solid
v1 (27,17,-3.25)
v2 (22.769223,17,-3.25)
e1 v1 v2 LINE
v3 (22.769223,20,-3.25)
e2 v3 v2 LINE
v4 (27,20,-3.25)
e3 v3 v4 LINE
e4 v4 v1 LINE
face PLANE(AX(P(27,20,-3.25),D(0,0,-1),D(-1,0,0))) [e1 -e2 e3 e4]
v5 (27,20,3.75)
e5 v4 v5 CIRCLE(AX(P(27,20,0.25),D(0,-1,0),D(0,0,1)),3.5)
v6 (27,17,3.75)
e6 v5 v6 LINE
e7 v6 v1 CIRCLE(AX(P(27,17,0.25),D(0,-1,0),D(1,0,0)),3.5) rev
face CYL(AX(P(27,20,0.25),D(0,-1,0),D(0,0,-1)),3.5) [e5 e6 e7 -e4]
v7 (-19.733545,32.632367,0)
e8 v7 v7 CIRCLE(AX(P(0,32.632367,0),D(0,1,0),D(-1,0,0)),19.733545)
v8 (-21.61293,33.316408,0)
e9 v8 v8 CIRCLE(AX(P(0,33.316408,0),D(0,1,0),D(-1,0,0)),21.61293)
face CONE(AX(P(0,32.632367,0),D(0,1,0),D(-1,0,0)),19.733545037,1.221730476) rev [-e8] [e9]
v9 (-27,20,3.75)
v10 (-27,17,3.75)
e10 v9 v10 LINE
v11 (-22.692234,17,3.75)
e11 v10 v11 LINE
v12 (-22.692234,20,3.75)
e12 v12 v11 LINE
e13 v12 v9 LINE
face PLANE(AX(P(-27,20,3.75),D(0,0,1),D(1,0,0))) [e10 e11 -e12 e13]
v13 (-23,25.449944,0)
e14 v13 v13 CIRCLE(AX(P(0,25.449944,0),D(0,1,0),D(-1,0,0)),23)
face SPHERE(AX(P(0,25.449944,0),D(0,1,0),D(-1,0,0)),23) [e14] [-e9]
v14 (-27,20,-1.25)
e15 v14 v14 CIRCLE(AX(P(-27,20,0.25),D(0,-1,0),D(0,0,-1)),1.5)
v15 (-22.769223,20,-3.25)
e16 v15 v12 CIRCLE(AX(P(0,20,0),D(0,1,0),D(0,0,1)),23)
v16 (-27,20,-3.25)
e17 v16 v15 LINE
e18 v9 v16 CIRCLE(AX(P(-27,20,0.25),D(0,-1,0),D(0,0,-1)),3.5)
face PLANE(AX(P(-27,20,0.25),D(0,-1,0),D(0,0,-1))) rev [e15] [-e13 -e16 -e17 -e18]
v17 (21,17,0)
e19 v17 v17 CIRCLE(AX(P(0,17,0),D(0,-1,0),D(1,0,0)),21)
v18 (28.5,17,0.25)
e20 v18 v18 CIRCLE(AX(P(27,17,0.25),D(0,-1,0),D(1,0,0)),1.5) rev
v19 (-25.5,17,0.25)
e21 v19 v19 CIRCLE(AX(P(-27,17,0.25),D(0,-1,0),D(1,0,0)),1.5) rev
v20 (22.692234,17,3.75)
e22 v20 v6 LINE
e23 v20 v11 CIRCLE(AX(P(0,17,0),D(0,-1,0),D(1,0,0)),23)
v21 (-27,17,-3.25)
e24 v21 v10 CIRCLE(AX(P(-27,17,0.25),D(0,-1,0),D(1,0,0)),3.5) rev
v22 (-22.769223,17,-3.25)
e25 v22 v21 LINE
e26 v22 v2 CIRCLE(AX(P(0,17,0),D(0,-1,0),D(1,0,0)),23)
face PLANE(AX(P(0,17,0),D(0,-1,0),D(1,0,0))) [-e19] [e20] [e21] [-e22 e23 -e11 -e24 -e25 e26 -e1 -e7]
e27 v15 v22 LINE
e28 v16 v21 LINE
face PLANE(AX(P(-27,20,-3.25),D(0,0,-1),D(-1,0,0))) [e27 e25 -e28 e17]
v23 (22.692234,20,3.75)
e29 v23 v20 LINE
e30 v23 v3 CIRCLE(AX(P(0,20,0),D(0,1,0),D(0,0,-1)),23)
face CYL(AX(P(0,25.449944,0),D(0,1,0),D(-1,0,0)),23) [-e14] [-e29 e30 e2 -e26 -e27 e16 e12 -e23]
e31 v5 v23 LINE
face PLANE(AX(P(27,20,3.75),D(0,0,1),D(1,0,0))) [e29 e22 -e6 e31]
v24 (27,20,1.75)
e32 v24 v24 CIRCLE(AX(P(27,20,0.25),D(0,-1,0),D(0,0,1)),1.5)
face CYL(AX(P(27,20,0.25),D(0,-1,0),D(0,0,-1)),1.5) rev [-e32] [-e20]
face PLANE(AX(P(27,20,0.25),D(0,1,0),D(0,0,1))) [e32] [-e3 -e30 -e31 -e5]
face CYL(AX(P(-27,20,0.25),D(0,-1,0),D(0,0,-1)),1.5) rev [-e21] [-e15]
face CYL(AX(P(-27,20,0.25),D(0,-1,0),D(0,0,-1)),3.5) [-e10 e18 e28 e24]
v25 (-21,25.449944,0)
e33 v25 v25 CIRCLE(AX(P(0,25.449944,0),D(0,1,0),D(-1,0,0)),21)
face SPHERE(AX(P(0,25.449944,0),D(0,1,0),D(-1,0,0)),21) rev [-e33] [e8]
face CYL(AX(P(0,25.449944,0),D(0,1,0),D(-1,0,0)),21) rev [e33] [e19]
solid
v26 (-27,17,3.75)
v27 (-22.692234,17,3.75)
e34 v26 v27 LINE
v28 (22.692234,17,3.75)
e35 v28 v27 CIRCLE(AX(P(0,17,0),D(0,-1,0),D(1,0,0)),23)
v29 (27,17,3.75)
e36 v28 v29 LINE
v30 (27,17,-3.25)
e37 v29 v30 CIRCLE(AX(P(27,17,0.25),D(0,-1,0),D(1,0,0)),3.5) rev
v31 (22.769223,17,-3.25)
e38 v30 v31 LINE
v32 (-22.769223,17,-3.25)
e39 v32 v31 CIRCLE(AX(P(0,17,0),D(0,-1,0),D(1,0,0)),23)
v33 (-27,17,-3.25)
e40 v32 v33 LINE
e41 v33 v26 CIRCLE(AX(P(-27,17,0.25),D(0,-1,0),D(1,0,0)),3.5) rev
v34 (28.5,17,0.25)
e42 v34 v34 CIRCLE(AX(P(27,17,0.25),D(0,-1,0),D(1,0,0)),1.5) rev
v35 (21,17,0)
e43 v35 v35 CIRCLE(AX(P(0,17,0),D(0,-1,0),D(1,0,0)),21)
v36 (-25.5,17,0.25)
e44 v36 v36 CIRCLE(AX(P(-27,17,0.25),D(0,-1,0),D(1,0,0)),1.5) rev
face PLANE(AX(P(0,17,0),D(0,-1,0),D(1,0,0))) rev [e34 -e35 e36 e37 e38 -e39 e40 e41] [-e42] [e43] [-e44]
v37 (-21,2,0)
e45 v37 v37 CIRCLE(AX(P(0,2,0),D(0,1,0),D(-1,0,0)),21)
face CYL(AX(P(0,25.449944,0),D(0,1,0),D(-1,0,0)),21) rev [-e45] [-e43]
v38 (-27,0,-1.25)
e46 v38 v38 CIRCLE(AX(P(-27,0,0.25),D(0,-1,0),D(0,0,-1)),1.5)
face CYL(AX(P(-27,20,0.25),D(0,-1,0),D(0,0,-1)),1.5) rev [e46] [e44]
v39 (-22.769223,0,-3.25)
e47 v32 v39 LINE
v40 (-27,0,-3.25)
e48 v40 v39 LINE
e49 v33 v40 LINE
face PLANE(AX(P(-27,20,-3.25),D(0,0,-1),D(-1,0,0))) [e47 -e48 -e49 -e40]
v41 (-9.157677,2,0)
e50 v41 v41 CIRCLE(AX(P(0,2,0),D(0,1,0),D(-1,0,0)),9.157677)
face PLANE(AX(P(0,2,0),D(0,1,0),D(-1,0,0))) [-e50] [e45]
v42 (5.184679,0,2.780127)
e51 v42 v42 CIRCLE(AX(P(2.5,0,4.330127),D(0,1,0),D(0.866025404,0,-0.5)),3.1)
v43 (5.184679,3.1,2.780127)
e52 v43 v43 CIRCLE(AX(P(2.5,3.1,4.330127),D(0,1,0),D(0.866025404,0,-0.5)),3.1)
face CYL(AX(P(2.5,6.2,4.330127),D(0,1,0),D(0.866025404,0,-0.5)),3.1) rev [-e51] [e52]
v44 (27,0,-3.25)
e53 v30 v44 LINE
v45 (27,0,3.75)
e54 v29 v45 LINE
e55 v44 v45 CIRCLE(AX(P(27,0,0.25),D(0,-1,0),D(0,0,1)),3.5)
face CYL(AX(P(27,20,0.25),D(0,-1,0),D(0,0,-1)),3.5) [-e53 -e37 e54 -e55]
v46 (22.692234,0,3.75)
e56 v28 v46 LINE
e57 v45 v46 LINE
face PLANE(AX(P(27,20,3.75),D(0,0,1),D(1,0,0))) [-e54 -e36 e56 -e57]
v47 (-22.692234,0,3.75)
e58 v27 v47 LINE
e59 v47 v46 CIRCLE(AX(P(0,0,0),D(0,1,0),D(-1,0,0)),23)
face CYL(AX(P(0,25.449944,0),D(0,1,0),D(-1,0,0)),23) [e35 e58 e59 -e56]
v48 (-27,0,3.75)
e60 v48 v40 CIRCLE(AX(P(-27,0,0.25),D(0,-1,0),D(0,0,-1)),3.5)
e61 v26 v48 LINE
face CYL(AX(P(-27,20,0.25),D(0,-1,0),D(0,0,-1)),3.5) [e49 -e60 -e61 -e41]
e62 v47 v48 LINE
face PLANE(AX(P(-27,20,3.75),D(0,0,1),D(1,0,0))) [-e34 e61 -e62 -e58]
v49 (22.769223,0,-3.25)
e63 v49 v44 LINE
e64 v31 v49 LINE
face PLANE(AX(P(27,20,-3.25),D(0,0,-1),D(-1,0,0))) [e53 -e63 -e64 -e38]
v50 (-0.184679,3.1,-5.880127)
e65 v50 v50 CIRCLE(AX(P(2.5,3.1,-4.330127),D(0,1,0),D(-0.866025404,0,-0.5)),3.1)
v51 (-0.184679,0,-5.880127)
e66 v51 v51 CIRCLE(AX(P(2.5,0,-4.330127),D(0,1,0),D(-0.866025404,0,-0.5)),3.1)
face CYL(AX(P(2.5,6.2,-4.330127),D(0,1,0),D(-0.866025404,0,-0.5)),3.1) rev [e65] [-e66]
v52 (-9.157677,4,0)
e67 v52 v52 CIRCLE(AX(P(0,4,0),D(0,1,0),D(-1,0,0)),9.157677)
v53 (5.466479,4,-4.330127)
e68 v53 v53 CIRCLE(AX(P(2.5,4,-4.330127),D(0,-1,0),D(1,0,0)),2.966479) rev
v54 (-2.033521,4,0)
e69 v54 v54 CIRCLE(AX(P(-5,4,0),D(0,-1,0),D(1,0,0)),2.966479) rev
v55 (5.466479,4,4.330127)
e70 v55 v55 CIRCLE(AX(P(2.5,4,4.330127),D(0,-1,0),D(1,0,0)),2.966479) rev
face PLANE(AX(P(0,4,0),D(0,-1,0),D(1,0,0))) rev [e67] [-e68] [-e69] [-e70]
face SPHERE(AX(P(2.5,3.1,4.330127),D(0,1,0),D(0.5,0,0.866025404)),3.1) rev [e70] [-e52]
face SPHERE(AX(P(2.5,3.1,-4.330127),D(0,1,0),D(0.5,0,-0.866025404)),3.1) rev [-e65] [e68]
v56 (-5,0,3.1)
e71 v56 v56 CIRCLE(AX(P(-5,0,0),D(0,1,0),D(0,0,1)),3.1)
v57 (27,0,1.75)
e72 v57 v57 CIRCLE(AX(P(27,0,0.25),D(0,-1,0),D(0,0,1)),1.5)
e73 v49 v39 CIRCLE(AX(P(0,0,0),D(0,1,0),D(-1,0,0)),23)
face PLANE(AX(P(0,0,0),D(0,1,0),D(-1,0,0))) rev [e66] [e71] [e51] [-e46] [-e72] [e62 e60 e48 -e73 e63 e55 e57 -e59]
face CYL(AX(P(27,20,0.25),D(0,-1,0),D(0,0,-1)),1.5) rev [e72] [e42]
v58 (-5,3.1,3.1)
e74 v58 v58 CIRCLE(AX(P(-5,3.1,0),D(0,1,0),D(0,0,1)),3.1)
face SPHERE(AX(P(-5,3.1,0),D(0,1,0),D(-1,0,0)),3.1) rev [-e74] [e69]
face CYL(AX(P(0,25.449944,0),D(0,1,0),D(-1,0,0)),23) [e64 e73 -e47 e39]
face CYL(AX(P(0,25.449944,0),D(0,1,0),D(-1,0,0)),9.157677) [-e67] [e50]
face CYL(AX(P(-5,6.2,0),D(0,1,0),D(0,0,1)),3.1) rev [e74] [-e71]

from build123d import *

# Parameters (mm, degrees)
SKETCH5_R           = 1.5
BOSS_EXTRUDE3_DEPTH = 20
CIRPATTERN1_COUNT   = 3


with BuildPart() as part:
    # Sketch4 → Revolve1 (revolve)
    with BuildSketch(Plane.XY):
        with BuildLine():
            Line((-21, 2), (-21, 4))
            Line((-21, 4), (-21, 25.449944321))
            ThreePointArc((-21, 25.449944321), (-20.680962813, 29.096556052), (-19.733545037, 32.63236733))
            Line((-19.733545037, 32.63236733), (-21.612930278, 33.316407617))
            ThreePointArc((-21.612930278, 33.316407617), (-22.650578319, 29.443852407), (-23, 25.449944321))
            Line((-23, 25.449944321), (-23, 0))
            Line((-23, 0), (-21, 0))
            Line((-21, 0), (0, 0))
            Line((0, 0), (0, 4))
            Line((0, 4), (-9.157677286, 4))
            Line((-9.157677286, 4), (-9.157677286, 2))
            Line((-9.157677286, 2), (-21, 2))
        make_face()
    revolve(axis=Axis((0, 25.449944321, 0), (0, -1, 0)))

    # Sketch5 → Boss-Extrude3 (add)
    # profile 1 of 2: a face of its own
    with BuildSketch(Plane(origin=(0, 0, 0), x_dir=(-1, 0, 0), z_dir=(0, -1, 0))):
        with BuildLine():
            Line((27, -3.75), (22.692234355, -3.75))
            ThreePointArc((22.692234355, -3.75), (22.998609049, -0.252946238), (22.769222648, 3.25))
            Line((22.769222648, 3.25), (27, 3.25))
            ThreePointArc((27, 3.25), (30.5, -0.25), (27, -3.75))
        make_face()
        with Locations((27, -0.25)):
            Circle(SKETCH5_R, mode=Mode.SUBTRACT)
    # profile 2 of 2: a face of its own
    with BuildSketch(Plane(origin=(0, 0, 0), x_dir=(-1, 0, 0), z_dir=(0, -1, 0))):
        with BuildLine():
            Line((-27, 3.25), (-22.769222648, 3.25))
            ThreePointArc((-22.769222648, 3.25), (-22.998609049, -0.252946238), (-22.692234355, -3.75))
            Line((-22.692234355, -3.75), (-27, -3.75))
            ThreePointArc((-27, -3.75), (-30.5, -0.25), (-27, 3.25))
        make_face()
        with Locations((-27, -0.25)):
            Circle(SKETCH5_R, mode=Mode.SUBTRACT)
    extrude(amount=-BOSS_EXTRUDE3_DEPTH)

    # Sketch7 → Cut-Revolve1 (revolve, cut)
    with BuildSketch(Plane(origin=(0, 0, 0), x_dir=(1, 0, 0), z_dir=(0, 0, -1))):
        with BuildLine():
            Line((-5, 0), (-8.1, 0))
            Line((-8.1, 0), (-8.1, -3.1))
            ThreePointArc((-8.1, -3.1), (-7.192031022, -5.292031022), (-5, -6.2))
            Line((-5, -6.2), (-5, 0))
        make_face()
    cut_revolve1 = revolve(axis=Axis((-5, 6.2, 0), (0, -1, 0)), mode=Mode.SUBTRACT)

    # CirPattern1: Cut-Revolve1 ×3 about axis
    cirpattern1_axis = Axis((0, 34.982227998, 0), (0, -1, 0))
    for i in range(1, CIRPATTERN1_COUNT):
        add(cut_revolve1.rotate(cirpattern1_axis, i * 360 / CIRPATTERN1_COUNT), mode=Mode.SUBTRACT)


with BuildPart() as body_2:
    # Split1: the piece on the far side of the plane
    add(part.part)
    split(bisect_by=Plane(origin=(0, 17, 0), x_dir=(-1, 0, 0), z_dir=(0, -1, 0)), keep=Keep.BOTTOM)


with BuildPart() as part_1:
    add(part.part)

    # Split1
    split(bisect_by=Plane(origin=(0, 17, 0), x_dir=(-1, 0, 0), z_dir=(0, -1, 0)), keep=Keep.TOP)


solid = Compound([body_2.part, part_1.part])
